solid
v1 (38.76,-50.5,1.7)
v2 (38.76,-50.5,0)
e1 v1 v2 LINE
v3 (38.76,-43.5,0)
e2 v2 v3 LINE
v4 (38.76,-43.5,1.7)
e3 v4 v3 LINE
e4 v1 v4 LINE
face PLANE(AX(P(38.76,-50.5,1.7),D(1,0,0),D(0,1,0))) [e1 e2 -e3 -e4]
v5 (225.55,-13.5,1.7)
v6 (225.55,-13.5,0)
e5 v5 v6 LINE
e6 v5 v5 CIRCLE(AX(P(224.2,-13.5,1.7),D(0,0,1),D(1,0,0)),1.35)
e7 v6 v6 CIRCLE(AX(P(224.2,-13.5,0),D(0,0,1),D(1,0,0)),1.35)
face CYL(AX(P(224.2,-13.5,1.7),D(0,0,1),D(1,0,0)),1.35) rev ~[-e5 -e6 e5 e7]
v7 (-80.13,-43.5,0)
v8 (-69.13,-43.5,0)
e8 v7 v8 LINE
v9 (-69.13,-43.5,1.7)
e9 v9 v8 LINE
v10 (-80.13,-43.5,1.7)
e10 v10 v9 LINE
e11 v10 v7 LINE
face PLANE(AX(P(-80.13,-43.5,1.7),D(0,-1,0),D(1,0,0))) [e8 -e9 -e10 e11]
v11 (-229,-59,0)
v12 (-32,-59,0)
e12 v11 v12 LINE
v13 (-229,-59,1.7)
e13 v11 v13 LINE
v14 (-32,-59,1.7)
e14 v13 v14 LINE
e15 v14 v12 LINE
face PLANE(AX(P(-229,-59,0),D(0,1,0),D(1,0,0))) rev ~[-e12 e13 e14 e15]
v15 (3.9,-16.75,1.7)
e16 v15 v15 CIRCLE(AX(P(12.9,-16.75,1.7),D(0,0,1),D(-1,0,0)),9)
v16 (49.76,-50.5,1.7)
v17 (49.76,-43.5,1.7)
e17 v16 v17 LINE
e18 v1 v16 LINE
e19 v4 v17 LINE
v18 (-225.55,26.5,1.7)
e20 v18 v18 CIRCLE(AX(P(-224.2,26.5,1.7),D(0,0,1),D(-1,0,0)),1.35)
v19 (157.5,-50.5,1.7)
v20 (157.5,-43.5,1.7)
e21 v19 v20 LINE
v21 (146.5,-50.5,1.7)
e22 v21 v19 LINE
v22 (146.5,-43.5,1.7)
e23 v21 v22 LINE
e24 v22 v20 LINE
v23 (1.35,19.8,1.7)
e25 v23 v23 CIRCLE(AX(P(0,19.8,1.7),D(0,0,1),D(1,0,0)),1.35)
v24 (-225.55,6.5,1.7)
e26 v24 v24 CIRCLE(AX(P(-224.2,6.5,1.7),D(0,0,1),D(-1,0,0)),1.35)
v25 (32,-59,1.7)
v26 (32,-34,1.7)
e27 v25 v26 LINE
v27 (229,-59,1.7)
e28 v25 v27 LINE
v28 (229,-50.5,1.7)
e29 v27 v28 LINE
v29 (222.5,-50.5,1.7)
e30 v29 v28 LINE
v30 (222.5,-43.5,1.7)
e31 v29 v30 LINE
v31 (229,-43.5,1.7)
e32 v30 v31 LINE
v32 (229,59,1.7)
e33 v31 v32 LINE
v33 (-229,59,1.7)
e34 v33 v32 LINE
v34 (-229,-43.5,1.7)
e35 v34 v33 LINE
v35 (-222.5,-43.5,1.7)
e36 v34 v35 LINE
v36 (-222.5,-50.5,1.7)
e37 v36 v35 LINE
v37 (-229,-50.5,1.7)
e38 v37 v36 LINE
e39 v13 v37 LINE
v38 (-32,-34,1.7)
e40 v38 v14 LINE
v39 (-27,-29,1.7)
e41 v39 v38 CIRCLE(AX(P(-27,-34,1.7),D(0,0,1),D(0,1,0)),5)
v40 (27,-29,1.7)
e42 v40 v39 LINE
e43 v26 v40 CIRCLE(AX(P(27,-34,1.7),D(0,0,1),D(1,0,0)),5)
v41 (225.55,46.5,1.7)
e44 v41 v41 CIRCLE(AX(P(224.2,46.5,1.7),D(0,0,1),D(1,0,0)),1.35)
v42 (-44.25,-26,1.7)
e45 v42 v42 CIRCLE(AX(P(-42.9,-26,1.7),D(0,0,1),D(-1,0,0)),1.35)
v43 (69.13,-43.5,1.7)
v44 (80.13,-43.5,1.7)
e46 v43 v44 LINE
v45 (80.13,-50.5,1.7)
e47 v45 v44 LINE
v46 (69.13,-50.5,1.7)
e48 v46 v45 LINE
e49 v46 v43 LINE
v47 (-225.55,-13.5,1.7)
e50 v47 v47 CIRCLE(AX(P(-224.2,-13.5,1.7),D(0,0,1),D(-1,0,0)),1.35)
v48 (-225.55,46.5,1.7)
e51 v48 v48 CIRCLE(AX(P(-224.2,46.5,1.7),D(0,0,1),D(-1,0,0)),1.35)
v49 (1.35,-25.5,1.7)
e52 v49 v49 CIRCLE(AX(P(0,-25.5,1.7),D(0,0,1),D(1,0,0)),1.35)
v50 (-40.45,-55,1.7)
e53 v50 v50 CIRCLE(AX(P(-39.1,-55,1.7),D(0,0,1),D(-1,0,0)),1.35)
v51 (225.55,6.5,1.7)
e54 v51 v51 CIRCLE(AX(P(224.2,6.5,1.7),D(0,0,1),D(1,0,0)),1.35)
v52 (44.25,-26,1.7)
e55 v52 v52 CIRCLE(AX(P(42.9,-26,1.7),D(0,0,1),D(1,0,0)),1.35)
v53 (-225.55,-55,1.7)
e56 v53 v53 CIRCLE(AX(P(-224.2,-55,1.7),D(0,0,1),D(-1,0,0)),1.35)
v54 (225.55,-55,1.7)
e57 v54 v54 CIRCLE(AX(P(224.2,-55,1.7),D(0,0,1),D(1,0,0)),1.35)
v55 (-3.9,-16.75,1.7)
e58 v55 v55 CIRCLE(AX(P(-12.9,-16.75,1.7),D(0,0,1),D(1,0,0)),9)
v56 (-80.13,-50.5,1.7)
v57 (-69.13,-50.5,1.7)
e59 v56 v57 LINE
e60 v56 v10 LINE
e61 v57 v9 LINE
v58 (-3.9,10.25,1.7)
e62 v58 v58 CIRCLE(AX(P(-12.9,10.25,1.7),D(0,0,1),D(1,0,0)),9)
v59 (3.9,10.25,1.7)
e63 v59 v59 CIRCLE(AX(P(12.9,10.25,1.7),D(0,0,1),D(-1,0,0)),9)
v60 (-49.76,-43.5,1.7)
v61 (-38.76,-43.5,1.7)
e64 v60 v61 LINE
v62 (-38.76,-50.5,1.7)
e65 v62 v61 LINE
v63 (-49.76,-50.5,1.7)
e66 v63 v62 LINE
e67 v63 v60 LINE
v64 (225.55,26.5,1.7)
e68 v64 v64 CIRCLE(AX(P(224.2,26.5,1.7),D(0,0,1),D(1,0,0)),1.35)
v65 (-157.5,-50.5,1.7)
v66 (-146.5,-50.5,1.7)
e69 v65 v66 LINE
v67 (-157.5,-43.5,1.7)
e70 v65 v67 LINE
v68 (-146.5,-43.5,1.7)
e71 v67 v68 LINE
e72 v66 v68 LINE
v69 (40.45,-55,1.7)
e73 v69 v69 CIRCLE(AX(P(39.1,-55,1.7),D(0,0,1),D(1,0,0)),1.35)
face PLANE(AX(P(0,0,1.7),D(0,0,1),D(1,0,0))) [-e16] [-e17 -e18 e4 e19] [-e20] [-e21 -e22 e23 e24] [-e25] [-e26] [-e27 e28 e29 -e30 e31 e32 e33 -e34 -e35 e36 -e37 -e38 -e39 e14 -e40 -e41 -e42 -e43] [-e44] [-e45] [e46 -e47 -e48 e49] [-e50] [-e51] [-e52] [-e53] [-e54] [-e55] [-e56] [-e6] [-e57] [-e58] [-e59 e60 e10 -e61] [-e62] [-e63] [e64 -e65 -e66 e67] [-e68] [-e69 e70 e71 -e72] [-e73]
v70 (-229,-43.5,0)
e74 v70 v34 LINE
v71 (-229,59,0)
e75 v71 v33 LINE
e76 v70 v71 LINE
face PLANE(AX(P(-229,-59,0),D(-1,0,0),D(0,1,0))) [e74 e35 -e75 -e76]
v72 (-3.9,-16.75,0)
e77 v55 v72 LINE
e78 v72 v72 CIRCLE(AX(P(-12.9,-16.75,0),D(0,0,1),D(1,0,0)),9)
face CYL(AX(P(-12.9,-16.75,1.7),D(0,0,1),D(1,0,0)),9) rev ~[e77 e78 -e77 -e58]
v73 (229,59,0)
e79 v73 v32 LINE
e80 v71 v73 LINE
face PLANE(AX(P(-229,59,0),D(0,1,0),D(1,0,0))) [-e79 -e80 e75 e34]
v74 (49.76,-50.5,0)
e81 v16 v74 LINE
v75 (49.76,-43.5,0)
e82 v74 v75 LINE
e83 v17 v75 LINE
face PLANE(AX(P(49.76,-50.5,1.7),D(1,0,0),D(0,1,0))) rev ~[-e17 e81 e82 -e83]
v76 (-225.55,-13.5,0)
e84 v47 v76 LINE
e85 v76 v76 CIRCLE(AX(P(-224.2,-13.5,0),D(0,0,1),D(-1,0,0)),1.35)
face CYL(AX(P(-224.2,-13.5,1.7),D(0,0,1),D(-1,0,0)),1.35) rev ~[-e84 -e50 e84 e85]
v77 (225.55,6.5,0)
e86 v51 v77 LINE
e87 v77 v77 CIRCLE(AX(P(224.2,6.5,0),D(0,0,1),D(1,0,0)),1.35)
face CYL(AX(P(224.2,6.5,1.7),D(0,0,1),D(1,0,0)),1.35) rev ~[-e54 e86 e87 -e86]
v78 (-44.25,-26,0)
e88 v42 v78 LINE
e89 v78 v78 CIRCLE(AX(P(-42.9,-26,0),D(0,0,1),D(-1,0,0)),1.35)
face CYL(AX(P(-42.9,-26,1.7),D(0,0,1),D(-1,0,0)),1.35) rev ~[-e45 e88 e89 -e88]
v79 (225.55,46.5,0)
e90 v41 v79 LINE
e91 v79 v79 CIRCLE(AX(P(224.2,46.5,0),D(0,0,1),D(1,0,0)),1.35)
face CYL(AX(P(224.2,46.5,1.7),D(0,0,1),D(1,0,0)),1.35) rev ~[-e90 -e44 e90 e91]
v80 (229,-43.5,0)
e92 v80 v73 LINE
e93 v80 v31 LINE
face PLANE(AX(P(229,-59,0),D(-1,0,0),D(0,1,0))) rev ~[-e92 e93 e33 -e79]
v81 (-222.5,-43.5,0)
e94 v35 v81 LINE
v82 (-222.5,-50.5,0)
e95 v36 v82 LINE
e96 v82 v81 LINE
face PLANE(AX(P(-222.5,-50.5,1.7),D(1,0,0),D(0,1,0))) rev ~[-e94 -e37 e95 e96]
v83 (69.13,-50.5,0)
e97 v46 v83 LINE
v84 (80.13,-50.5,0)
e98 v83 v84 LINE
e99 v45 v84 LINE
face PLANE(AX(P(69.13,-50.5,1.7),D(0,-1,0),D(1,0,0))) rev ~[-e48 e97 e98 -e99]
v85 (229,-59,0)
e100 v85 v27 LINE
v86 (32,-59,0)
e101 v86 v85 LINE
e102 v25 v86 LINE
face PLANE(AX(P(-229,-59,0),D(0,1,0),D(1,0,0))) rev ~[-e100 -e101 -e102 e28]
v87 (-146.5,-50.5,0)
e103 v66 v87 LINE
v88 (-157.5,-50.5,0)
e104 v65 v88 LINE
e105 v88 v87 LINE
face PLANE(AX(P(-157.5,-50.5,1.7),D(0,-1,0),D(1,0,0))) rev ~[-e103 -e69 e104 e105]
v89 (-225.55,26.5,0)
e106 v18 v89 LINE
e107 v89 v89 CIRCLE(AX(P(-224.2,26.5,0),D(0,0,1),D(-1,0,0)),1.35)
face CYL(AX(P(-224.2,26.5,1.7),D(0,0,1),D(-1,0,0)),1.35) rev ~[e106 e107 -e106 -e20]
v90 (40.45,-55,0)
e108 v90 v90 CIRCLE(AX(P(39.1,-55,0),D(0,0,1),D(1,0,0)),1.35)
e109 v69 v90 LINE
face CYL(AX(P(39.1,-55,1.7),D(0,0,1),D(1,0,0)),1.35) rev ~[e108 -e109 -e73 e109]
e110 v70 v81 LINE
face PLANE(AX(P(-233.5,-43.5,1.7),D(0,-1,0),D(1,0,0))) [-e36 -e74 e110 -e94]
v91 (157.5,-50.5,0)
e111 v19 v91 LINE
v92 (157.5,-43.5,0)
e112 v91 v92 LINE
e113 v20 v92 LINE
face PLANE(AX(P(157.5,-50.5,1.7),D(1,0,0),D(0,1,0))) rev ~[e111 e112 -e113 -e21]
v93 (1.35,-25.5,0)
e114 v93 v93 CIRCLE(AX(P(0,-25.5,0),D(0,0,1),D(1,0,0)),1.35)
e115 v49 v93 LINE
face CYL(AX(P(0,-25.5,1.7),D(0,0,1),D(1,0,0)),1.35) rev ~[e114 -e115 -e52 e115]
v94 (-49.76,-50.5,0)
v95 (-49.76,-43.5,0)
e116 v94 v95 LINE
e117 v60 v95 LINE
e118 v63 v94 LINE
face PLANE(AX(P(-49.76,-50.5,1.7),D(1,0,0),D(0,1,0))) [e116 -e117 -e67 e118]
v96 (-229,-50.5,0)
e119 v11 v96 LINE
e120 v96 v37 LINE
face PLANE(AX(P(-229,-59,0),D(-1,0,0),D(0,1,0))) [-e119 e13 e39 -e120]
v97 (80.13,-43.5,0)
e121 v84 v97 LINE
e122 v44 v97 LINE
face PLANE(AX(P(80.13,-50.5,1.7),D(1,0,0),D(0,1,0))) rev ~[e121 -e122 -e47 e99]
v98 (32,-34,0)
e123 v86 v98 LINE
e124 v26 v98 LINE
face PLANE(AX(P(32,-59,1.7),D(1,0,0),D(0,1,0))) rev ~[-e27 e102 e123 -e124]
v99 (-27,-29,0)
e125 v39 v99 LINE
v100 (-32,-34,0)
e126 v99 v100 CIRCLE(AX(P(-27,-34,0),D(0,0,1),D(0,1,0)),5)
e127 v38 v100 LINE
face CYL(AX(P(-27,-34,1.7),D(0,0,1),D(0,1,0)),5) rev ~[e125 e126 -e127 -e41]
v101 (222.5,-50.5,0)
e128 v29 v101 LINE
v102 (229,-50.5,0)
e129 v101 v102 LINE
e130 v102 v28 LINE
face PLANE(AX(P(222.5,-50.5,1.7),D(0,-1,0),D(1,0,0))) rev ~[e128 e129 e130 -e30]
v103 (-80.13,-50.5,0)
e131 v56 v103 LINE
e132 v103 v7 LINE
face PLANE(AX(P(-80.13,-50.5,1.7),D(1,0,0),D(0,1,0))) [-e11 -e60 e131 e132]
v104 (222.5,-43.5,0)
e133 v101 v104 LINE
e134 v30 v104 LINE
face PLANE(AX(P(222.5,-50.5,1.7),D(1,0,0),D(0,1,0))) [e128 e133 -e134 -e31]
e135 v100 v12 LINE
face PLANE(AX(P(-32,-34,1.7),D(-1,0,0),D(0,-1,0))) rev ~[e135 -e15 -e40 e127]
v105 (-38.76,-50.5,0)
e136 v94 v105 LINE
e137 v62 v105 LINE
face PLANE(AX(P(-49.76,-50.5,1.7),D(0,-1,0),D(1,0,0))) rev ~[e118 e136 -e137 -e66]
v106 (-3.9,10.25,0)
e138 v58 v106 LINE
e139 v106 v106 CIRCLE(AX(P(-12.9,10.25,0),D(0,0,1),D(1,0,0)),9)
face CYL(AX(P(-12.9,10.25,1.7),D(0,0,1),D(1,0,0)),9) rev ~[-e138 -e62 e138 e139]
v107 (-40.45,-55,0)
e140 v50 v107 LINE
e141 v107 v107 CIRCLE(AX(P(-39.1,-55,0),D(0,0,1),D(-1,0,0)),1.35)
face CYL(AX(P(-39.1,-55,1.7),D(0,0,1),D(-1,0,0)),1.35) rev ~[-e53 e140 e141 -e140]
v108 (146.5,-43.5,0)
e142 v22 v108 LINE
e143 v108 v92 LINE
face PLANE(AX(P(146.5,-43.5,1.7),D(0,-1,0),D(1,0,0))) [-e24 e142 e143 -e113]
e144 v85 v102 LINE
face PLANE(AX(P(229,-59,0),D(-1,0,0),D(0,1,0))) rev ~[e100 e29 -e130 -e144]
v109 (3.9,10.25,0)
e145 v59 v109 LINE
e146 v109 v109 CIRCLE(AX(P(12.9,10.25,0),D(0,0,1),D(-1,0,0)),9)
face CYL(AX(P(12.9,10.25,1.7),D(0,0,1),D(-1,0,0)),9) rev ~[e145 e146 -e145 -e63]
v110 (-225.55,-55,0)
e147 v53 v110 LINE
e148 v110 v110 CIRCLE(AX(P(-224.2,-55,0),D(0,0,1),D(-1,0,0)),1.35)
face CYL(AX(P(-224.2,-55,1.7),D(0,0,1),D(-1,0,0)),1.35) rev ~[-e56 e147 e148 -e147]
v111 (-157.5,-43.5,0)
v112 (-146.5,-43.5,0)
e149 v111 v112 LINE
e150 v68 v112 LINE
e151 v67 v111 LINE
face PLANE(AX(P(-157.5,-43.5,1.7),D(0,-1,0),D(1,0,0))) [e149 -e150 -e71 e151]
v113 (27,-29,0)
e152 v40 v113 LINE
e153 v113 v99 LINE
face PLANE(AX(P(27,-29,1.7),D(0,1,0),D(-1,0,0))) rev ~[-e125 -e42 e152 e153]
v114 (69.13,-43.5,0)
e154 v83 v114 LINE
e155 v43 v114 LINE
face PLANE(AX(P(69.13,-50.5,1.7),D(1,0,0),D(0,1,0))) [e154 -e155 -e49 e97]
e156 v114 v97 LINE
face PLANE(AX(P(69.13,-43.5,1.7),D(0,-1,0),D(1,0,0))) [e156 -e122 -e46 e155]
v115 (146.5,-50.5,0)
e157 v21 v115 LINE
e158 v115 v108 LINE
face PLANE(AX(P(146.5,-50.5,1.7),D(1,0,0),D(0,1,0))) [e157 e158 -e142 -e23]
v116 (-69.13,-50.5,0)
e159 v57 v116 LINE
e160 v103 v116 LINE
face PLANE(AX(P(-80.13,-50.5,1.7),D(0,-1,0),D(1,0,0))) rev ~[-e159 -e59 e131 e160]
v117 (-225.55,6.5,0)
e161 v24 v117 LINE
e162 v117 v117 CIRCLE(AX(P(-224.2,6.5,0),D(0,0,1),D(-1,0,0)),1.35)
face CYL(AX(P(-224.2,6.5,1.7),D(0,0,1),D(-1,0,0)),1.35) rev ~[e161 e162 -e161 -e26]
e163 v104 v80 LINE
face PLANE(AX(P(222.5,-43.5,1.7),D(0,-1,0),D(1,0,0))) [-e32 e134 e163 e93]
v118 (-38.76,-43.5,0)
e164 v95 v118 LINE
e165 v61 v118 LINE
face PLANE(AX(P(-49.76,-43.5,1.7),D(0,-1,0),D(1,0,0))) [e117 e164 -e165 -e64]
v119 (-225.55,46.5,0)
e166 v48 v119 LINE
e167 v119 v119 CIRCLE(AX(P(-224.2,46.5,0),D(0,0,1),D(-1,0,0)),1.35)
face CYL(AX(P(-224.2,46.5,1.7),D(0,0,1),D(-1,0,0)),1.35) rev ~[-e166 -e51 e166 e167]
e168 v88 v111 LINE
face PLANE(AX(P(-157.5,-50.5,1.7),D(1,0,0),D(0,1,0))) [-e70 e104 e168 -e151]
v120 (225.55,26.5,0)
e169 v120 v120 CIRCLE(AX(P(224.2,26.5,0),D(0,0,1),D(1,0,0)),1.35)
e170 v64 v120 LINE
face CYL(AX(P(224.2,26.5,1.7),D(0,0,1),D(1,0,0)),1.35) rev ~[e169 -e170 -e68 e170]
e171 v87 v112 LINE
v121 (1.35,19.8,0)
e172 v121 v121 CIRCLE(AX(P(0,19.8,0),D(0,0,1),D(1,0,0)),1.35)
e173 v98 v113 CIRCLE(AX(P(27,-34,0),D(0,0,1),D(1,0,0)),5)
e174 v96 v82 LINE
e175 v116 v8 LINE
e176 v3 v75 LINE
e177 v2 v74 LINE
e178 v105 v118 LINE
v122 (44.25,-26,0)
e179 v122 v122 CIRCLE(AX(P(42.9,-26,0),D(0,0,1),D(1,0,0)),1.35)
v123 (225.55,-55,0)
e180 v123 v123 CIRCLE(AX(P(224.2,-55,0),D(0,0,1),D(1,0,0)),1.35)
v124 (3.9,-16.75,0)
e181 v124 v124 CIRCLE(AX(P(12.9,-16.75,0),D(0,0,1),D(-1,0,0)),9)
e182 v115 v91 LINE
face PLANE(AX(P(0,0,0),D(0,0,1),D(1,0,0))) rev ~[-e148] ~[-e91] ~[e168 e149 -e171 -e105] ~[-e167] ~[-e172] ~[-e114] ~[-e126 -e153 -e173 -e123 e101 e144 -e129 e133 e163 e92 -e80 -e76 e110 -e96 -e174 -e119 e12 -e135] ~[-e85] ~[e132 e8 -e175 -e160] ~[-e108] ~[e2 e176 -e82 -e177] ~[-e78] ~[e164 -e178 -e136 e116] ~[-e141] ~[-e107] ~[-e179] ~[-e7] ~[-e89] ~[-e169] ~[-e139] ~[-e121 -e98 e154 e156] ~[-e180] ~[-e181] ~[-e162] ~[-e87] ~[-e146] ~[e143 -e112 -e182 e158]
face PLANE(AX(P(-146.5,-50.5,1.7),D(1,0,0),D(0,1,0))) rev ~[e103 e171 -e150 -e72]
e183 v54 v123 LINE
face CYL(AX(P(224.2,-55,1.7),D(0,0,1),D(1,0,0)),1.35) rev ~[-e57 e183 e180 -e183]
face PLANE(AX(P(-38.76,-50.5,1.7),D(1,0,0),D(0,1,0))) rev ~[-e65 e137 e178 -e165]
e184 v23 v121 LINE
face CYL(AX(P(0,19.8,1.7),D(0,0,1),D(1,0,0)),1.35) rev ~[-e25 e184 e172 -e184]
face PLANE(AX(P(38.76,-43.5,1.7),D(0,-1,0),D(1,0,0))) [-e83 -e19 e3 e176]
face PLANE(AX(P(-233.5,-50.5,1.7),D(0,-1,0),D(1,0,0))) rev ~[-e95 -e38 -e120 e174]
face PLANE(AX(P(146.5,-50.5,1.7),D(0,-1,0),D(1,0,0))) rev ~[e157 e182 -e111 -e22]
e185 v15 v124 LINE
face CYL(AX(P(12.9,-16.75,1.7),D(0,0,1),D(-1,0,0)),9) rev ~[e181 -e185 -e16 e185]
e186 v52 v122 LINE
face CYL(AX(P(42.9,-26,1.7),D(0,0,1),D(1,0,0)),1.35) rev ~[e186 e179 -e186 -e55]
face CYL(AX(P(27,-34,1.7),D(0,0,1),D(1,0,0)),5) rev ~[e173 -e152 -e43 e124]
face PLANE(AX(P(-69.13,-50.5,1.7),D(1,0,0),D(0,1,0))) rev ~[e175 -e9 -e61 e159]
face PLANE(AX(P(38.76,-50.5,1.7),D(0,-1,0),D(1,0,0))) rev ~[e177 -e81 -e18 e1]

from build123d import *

# Parameters (mm, degrees)
SKETCH3_W           = 458
SKETCH3_H           = 118
BOSS_EXTRUDE2_DEPTH = 1.7
SKETCH4_R           = 1.35
CUT_EXTRUDE1_DEPTH  = 237.484439234
CUT_EXTRUDE2_DEPTH  = 237.484439234
SKETCH6_R           = 9
CUT_EXTRUDE3_DEPTH  = 237.484439234
SKETCH8_W           = 11
SKETCH8_H           = 7
CUT_EXTRUDE4_DEPTH  = 237.484439234


with BuildPart() as part:
    # Sketch3 → Boss-Extrude2 (new body)
    with BuildSketch(Plane.XY):
        Rectangle(SKETCH3_W, SKETCH3_H)
    extrude(amount=BOSS_EXTRUDE2_DEPTH)

    # Sketch4 → Cut-Extrude1 (cut, through all)
    with BuildSketch(Plane.XY.offset(1.7)):
        with Locations((0, 19.8)):
            Circle(SKETCH4_R)
        with Locations((0, -25.5)):
            Circle(SKETCH4_R)
        with Locations((39.1, -55)):
            Circle(SKETCH4_R)
        with Locations((42.9, -26)):
            Circle(SKETCH4_R)
        with Locations((224.2, -55)):
            Circle(SKETCH4_R)
        with Locations(Location((-224.2, -55, 0), (0, 0, 180))):
            Circle(SKETCH4_R)
        with Locations(Location((-42.9, -26, 0), (0, 0, 180))):
            Circle(SKETCH4_R)
        with Locations(Location((-39.1, -55, 0), (0, 0, 180))):
            Circle(SKETCH4_R)
        with Locations((224.2, 46.5)):
            Circle(SKETCH4_R)
        with Locations((224.2, 26.5)):
            Circle(SKETCH4_R)
        with Locations((224.2, 6.5)):
            Circle(SKETCH4_R)
        with Locations((224.2, -13.5)):
            Circle(SKETCH4_R)
        with Locations(Location((-224.2, -13.5, 0), (0, 0, 180))):
            Circle(SKETCH4_R)
        with Locations(Location((-224.2, 6.5, 0), (0, 0, 180))):
            Circle(SKETCH4_R)
        with Locations(Location((-224.2, 26.5, 0), (0, 0, 180))):
            Circle(SKETCH4_R)
        with Locations(Location((-224.2, 46.5, 0), (0, 0, 180))):
            Circle(SKETCH4_R)
    extrude(amount=-CUT_EXTRUDE1_DEPTH, mode=Mode.SUBTRACT)

    # Sketch5 → Cut-Extrude2 (cut, through all)
    with BuildSketch(Plane.XY.offset(1.7)):
        with BuildLine():
            Line((-32, -59), (32, -59))
            Line((32, -59), (32, -34))
            ThreePointArc((32, -34), (30.535533906, -30.464466094), (27, -29))
            Line((27, -29), (-27, -29))
            ThreePointArc((-27, -29), (-30.535533906, -30.464466094), (-32, -34))
            Line((-32, -34), (-32, -59))
        make_face()
    extrude(amount=-CUT_EXTRUDE2_DEPTH, mode=Mode.SUBTRACT)

    # Sketch6 → Cut-Extrude3 (cut, through all)
    with BuildSketch(Plane.XY.offset(1.7)):
        with Locations((-12.9, -16.75)):
            Circle(SKETCH6_R)
        with Locations((-12.9, 10.25)):
            Circle(SKETCH6_R)
        with Locations(Location((12.9, -16.75, 0), (0, 0, 180))):
            Circle(SKETCH6_R)
        with Locations(Location((12.9, 10.25, 0), (0, 0, 180))):
            Circle(SKETCH6_R)
    extrude(amount=-CUT_EXTRUDE3_DEPTH, mode=Mode.SUBTRACT)

    # Sketch8 → Cut-Extrude4 (cut, through all)
    with BuildSketch(Plane.XY.offset(1.7)):
        with Locations((-44.26, -47)):
            Rectangle(SKETCH8_W, SKETCH8_H)
        with Locations((-74.63, -47)):
            Rectangle(SKETCH8_W, SKETCH8_H)
        with Locations((-152, -47)):
            Rectangle(SKETCH8_W, SKETCH8_H)
        with Locations((-228, -47)):
            Rectangle(SKETCH8_W, SKETCH8_H)
        with Locations((228, -47)):
            Rectangle(SKETCH8_W, SKETCH8_H)
        with Locations((152, -47)):
            Rectangle(SKETCH8_W, SKETCH8_H)
        with Locations((74.63, -47)):
            Rectangle(SKETCH8_W, SKETCH8_H)
        with Locations((44.26, -47)):
            Rectangle(SKETCH8_W, SKETCH8_H)
    extrude(amount=-CUT_EXTRUDE4_DEPTH, mode=Mode.SUBTRACT)


solid = part.part
